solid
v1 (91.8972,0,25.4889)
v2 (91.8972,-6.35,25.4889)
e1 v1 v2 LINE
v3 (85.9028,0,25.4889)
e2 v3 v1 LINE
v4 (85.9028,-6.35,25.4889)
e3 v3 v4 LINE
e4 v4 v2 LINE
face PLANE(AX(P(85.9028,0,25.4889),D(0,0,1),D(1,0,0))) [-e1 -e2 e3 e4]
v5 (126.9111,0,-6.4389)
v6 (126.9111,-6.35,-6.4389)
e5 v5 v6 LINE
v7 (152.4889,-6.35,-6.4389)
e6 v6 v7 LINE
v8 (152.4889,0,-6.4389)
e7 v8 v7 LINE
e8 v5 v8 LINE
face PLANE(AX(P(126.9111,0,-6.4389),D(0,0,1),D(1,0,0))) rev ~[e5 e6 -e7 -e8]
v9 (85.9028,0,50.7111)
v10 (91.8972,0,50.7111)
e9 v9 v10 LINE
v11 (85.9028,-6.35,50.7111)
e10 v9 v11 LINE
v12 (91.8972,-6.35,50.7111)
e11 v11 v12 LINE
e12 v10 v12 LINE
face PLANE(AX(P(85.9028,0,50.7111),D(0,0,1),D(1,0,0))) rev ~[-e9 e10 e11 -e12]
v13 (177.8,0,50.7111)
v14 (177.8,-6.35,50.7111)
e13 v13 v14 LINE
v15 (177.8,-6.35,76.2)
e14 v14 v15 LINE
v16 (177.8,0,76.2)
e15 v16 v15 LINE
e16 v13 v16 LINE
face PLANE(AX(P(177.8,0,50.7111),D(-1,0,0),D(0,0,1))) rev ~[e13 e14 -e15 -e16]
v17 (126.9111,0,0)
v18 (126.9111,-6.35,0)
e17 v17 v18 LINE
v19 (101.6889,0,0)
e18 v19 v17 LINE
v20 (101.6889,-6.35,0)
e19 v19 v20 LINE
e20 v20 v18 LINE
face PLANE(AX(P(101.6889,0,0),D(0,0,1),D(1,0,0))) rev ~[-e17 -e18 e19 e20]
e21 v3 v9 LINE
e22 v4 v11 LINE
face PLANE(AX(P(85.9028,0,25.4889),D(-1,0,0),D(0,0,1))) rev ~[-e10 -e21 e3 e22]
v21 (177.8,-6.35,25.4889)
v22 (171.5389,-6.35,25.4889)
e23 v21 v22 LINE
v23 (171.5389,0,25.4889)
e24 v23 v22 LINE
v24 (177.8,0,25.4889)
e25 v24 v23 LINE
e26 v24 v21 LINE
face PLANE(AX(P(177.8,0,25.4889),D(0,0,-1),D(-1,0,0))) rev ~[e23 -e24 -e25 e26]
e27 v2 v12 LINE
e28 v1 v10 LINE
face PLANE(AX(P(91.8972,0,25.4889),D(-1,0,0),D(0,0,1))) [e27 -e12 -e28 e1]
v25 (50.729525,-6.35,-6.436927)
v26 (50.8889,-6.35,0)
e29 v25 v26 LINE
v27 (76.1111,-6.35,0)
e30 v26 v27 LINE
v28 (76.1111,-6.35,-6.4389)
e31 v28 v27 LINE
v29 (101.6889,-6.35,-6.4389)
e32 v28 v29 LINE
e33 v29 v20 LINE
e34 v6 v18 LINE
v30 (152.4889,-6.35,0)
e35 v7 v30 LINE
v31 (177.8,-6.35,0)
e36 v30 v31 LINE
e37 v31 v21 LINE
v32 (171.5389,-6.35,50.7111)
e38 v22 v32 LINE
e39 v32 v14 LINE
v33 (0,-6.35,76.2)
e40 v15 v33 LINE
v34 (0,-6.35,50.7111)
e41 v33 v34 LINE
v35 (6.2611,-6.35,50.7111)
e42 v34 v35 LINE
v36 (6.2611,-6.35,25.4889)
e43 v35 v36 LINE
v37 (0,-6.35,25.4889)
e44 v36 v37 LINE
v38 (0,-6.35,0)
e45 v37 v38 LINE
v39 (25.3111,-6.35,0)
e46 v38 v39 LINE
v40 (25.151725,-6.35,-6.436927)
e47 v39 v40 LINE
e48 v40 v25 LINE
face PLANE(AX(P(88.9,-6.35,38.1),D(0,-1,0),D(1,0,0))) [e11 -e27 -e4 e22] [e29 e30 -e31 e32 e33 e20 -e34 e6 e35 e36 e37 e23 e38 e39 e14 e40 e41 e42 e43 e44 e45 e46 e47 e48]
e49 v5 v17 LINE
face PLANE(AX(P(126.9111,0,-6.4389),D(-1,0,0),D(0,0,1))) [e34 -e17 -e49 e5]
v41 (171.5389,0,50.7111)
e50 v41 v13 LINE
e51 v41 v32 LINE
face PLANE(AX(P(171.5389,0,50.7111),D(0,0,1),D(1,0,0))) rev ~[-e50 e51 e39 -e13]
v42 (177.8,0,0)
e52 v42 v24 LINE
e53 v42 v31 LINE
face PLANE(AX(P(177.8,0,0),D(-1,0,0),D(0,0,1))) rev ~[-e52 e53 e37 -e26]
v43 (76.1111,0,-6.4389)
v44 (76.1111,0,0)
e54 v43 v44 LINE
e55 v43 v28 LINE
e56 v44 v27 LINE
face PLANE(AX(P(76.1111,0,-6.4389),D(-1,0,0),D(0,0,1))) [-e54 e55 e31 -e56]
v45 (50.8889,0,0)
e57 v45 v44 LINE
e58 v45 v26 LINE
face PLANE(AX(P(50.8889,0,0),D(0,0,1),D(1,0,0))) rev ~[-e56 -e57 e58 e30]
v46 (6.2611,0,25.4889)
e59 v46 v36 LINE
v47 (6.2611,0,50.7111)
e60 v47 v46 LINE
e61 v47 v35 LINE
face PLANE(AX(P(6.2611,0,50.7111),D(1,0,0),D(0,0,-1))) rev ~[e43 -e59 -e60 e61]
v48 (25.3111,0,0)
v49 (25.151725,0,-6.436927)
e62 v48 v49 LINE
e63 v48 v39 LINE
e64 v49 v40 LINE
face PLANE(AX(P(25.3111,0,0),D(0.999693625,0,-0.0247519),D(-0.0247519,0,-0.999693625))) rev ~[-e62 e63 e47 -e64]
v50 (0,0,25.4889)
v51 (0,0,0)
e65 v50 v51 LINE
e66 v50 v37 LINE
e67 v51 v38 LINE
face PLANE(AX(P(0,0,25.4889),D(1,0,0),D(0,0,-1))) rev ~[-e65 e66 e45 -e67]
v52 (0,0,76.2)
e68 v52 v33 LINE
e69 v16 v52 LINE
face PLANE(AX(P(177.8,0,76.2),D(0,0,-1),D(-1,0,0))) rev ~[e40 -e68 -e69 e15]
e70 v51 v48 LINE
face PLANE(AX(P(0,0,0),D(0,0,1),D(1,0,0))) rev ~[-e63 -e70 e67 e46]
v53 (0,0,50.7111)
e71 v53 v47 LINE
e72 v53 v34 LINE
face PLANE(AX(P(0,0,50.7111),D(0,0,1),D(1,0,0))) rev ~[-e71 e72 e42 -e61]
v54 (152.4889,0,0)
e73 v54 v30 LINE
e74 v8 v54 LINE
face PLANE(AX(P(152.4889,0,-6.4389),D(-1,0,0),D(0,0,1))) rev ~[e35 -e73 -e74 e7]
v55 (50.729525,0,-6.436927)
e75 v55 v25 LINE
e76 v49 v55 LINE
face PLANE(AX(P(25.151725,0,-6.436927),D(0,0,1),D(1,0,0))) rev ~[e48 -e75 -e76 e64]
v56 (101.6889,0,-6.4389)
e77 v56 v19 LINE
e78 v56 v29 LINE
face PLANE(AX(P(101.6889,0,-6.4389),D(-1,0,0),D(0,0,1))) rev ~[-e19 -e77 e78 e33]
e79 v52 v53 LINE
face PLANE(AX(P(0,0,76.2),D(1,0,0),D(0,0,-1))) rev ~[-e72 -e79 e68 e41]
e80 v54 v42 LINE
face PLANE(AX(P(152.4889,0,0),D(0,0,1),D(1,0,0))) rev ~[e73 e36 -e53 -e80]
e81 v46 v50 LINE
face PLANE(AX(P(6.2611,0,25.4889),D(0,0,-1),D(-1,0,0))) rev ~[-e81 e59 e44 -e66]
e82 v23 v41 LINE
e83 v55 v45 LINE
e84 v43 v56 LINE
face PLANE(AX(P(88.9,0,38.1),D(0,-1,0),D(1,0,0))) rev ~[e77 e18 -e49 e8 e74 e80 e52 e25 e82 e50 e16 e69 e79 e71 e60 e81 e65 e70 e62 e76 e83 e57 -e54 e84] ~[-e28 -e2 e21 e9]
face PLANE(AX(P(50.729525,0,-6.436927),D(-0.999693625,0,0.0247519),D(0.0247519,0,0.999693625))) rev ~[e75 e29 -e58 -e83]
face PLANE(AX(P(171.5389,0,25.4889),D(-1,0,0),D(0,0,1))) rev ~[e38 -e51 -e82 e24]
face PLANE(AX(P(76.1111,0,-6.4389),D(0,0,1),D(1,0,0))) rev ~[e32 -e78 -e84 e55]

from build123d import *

# Parameters (mm, degrees)
F0_W     = 5.9944
F0_H     = 25.2222
F0_W_2   = 25.5778
F0_H_2   = 6.4389
F1_DEPTH = 6.35


with BuildPart() as f1:
    # F0 (on Front) → F1 (new body)
    with BuildSketch(Plane.XZ):
        Polygon((0, 25.4889), (0, 0), (25.3111, 0), (50.8889, 0), (76.1111, 0), (101.6889, 0), (126.9111, 0), (152.4889, 0), (177.8, 0), (177.8, 25.4889), (171.5389, 25.4889), (171.5389, 50.7111), (177.8, 50.7111), (177.8, 76.2), (0, 76.2), (0, 50.7111), (6.2611, 50.7111), (6.2611, 25.4889), align=None)
        with Locations((88.9, 38.1)):
            Rectangle(F0_W, F0_H, mode=Mode.SUBTRACT)
        Polygon((50.8889, 0), (25.3111, 0), (25.151725, -6.436927), (50.729525, -6.436927), align=None)
        with Locations((88.9, -3.21945)):
            Rectangle(F0_W_2, F0_H_2)
        with Locations((139.7, -3.21945)):
            Rectangle(F0_W_2, F0_H_2)
    extrude(amount=F1_DEPTH)


solid = f1.part
